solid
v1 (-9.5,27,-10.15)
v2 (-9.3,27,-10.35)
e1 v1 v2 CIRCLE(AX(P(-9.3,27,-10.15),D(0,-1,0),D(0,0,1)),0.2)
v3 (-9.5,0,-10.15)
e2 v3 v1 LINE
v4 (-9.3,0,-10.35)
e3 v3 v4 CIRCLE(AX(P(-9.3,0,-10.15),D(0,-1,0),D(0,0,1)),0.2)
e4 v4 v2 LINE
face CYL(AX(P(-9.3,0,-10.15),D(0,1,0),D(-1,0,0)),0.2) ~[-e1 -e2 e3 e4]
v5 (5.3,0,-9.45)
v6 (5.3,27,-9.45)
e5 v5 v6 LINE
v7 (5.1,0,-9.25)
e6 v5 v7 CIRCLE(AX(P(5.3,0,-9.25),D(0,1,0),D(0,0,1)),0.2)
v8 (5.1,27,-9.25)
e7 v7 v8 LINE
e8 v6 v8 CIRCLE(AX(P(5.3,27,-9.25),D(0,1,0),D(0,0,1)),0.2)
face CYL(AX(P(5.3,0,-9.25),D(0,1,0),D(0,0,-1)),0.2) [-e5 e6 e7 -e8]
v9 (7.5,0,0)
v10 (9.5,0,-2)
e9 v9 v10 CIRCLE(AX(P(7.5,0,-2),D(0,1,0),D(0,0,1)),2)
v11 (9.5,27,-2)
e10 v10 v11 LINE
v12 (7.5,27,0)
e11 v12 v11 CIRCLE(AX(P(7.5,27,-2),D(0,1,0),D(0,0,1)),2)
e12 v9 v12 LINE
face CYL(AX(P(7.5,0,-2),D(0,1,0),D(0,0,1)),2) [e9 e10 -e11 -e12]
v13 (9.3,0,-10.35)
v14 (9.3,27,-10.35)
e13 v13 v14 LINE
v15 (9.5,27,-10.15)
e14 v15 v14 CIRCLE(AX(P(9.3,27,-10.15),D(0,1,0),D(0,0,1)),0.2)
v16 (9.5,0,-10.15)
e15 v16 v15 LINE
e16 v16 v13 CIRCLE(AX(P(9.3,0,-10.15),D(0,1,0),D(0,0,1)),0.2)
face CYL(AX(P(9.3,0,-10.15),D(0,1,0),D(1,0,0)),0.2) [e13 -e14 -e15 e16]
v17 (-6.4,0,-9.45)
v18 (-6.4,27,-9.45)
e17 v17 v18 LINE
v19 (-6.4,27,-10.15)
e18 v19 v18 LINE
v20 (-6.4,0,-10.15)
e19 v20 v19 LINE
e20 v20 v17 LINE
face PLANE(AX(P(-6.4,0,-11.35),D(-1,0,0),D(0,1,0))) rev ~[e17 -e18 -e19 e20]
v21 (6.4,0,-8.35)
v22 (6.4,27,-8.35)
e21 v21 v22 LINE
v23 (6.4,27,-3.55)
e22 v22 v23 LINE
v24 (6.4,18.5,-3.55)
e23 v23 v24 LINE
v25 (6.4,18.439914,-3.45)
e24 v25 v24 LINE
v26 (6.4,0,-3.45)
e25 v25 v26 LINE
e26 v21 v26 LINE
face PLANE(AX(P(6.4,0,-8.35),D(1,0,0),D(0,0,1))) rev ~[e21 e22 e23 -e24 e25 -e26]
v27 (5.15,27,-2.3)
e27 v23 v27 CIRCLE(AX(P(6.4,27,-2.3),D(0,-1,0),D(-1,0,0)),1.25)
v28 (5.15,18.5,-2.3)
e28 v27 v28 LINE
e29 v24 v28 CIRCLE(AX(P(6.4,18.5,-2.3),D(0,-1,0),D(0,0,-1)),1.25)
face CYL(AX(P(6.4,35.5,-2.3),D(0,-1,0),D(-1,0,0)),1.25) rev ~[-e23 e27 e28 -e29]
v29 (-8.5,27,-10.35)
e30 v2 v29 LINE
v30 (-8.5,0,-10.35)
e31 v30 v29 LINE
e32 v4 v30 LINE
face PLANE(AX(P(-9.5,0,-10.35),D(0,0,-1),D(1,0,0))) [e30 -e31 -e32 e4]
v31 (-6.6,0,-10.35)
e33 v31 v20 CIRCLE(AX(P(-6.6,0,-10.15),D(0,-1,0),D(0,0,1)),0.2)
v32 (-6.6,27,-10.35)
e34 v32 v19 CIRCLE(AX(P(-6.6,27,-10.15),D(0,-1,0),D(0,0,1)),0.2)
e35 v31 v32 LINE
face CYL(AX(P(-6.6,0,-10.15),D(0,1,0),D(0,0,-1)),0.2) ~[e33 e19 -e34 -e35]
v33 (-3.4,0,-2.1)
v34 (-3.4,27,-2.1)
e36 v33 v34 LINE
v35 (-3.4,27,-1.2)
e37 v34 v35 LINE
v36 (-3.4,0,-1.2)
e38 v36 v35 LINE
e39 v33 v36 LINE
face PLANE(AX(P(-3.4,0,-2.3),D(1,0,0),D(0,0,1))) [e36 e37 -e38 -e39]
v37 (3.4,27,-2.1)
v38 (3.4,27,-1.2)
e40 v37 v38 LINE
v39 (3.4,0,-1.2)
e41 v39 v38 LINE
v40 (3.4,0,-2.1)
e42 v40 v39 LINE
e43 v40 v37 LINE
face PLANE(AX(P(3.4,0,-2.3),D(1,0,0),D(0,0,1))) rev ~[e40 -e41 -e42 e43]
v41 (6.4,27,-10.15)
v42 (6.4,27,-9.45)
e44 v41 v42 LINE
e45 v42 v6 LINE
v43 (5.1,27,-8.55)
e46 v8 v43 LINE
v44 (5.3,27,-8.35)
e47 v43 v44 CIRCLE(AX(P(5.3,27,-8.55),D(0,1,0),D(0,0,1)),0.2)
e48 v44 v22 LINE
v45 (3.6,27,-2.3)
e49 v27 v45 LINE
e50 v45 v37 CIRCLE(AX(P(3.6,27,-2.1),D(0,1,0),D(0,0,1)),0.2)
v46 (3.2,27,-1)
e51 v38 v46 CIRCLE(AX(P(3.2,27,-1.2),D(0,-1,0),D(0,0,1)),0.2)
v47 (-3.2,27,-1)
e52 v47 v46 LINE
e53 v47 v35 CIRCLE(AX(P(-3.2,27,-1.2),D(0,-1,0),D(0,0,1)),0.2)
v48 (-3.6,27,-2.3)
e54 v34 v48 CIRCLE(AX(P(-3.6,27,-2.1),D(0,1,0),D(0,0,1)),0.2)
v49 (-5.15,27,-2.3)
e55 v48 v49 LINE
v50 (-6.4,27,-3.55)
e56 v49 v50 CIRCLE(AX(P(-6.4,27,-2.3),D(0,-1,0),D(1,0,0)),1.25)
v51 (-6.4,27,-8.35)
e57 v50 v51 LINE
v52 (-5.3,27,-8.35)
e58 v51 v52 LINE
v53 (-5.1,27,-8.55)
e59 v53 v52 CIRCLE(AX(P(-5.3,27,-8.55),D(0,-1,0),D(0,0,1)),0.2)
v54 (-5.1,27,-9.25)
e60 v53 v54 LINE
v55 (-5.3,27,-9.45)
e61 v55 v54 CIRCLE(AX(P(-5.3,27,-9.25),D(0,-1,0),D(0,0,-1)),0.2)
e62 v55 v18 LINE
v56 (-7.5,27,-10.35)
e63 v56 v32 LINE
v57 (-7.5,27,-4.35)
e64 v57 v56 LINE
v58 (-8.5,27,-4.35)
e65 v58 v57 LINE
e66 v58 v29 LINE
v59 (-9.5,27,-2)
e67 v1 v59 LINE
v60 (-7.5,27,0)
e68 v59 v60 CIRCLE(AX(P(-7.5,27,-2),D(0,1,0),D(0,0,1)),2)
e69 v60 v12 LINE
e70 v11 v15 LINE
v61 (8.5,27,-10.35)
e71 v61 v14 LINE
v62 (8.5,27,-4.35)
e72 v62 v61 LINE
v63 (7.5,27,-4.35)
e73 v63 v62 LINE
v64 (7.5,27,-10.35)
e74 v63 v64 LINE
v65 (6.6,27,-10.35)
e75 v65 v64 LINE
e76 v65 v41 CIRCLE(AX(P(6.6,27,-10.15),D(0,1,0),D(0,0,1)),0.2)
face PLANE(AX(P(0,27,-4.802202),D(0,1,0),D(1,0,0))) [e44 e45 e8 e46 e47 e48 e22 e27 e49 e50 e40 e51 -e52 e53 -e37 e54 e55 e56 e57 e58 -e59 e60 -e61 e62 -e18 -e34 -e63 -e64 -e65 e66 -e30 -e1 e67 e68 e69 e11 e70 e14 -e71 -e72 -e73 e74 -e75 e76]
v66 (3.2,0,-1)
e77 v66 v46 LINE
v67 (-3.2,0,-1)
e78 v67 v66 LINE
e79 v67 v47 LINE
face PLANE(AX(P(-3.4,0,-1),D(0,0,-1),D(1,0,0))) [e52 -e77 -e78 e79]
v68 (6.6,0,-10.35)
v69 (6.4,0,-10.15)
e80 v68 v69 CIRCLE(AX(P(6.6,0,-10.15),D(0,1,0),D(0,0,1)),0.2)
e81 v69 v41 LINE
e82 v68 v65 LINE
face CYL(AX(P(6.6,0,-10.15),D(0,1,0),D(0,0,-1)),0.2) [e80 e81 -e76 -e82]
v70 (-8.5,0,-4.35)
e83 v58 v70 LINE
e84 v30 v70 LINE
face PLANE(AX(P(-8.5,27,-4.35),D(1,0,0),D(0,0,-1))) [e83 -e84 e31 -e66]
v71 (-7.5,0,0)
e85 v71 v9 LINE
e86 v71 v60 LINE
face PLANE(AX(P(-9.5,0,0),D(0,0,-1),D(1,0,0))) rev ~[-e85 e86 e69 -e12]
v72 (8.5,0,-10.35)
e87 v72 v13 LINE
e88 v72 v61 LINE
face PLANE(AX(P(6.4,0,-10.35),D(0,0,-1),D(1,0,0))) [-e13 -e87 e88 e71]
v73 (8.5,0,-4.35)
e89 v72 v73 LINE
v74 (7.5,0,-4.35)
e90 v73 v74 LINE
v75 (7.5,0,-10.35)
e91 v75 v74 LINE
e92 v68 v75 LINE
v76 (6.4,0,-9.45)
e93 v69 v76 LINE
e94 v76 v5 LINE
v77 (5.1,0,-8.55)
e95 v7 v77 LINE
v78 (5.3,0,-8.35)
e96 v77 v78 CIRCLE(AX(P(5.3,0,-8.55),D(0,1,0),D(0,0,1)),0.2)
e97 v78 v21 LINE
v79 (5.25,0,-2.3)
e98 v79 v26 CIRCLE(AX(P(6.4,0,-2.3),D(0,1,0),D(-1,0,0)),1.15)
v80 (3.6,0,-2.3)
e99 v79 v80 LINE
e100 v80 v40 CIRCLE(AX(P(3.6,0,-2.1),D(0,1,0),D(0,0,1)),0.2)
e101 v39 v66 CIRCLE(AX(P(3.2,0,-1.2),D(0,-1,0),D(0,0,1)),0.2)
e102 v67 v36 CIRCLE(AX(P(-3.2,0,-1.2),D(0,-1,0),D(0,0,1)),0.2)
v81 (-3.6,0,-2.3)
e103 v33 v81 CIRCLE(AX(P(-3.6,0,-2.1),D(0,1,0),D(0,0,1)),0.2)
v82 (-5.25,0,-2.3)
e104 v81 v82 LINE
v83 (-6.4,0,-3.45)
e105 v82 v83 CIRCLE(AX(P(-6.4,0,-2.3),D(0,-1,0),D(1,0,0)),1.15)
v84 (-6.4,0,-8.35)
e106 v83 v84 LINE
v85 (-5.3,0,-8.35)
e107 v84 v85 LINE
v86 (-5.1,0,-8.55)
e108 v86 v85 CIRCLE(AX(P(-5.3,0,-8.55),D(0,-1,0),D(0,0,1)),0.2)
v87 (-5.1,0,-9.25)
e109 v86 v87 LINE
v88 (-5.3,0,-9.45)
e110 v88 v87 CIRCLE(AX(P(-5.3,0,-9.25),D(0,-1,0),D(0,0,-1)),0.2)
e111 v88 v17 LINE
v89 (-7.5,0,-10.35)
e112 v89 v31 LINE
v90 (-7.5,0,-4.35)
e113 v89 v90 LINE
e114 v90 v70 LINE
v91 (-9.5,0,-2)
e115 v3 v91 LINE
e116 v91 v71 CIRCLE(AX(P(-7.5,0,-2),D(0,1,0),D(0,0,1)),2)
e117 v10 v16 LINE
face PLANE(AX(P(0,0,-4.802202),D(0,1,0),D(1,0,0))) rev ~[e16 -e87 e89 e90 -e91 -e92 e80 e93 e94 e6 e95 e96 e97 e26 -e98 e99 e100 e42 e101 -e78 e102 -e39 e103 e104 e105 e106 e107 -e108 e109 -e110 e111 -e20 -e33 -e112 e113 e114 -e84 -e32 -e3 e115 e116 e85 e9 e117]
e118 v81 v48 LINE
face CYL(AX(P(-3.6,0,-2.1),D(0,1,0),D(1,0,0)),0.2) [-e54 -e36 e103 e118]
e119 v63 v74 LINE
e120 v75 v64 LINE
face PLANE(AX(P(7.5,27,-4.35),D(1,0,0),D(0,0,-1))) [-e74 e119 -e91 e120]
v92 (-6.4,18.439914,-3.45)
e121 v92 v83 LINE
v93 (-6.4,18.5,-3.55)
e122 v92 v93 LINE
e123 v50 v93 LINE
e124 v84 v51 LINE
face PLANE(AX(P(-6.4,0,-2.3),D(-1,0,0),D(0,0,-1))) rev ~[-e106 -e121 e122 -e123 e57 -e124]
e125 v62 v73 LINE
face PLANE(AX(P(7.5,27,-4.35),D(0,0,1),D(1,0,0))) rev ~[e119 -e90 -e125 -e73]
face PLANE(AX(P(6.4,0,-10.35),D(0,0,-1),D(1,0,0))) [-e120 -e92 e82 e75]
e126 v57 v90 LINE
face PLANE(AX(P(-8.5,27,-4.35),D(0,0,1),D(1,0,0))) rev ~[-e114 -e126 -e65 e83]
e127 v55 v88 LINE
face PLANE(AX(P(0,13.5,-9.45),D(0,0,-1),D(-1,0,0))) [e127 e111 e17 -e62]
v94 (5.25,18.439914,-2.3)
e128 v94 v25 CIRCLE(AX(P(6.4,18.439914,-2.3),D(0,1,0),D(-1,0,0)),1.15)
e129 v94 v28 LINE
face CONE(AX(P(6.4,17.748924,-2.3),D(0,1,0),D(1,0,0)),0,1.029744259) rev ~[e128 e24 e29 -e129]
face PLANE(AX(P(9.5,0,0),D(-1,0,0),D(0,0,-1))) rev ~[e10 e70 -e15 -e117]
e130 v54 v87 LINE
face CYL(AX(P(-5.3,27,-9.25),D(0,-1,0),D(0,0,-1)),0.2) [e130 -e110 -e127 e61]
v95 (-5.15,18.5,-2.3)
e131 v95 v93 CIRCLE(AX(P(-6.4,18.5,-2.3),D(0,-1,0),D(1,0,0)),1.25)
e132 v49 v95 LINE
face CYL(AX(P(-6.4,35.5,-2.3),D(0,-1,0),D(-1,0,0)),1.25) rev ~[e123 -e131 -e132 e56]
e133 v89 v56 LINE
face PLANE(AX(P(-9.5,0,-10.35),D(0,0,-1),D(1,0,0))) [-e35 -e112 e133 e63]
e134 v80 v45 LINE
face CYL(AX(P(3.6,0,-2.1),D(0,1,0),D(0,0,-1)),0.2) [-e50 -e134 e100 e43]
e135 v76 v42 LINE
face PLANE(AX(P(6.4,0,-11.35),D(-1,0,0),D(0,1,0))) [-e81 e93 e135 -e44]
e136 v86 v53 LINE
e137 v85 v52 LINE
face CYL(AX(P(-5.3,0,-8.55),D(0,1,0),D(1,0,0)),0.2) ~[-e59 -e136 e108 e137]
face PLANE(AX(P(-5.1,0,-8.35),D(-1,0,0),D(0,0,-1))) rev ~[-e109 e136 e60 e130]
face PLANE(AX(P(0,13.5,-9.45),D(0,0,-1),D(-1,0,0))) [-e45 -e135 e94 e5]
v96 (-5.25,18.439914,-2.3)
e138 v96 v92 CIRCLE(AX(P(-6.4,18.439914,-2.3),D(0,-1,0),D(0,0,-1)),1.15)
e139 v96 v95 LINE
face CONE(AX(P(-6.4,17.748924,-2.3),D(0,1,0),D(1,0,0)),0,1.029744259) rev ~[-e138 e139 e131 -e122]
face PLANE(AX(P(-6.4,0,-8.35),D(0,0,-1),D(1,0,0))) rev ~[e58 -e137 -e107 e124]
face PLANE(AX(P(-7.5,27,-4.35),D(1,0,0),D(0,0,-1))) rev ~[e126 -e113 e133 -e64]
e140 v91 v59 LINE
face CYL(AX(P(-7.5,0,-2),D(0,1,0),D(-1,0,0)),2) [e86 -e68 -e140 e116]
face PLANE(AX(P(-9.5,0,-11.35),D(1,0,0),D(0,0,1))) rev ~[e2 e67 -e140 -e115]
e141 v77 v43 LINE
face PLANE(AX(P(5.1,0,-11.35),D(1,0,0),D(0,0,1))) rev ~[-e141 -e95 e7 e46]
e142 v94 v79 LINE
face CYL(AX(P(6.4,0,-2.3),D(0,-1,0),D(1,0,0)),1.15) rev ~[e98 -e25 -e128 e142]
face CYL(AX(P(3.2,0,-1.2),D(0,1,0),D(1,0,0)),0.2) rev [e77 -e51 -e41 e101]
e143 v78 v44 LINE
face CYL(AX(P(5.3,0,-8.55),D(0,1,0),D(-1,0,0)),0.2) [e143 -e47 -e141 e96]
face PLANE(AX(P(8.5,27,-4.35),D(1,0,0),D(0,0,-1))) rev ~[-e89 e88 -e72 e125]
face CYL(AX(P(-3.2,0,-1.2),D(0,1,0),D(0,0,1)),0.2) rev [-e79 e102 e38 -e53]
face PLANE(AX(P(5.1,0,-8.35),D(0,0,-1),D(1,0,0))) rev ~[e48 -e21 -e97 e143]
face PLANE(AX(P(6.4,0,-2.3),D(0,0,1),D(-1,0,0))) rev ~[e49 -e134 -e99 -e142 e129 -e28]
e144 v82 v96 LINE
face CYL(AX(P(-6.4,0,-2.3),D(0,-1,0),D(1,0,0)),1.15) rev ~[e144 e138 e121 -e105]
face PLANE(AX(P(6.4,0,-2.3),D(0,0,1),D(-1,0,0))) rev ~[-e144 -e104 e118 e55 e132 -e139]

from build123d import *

# Parameters (mm, degrees)
EXTRUDE_1_DEPTH        = 27
CUT_EXTRUDE_1_REACH    = 29
SKETCH_3_W             = 1
SKETCH_3_H             = 7
SKETCH_8_W             = 12.8
SKETCH_8_H             = 27
CUT_EXTRUDE_4_DEPTH    = 1.9
CUT_EXTRUDE_5_REACH    = 29
SKETCH_9_R             = 1.15
SKETCH_9_W             = 6.8
SKETCH_9_H             = 1.3
CUT_EXTRUDE_START      = -27
SKETCH_11_W            = 3.1
SKETCH_11_H            = 1
CUT_EXTRUDE_6_DEPTH    = 27
FILLET_1_R             = 2
FILLET_2_R             = 0.2
HOLE_WIZARD_M3_1_D     = 2.5
HOLE_WIZARD_M3_1_DEPTH = 8.5
HOLE_WIZARD_M3_1_TIP   = 0.751075774


with BuildPart() as part:
    # 草图1 → 凸台-拉伸1 (new body)
    with BuildSketch(Plane(origin=(0, 0, 0), x_dir=(1, 0, 0), z_dir=(0, 1, 0))):
        Polygon((-9.5, 11.35), (-9.5, 0), (9.5, 0), (9.5, 11.35), (5.1, 11.35), (5.1, 8.35), (6.4, 8.35), (6.4, 2.3), (-6.4, 2.3), (-6.4, 8.35), (-5.1, 8.35), (-5.1, 11.35), align=None)
    extrude(amount=EXTRUDE_1_DEPTH)

    # 草图3 → 切除-拉伸1 (cut, up to next)
    with BuildSketch(Plane(origin=(0, 27, 0), x_dir=(1, 0, 0), z_dir=(0, 1, 0)), mode=Mode.PRIVATE) as cut_extrude_1_sk1:
        with Locations((-8, 7.85)):
            Rectangle(SKETCH_3_W, SKETCH_3_H)
    cut_extrude_1_tool1 = extrude(cut_extrude_1_sk1.sketch, amount=-CUT_EXTRUDE_1_REACH, mode=Mode.PRIVATE) & part.part
    add(cut_extrude_1_tool1.solids().sort_by_distance((-8, 27, -7.85))[0], mode=Mode.SUBTRACT)
    # 草图3 → 切除-拉伸1 (cut, up to next)
    with BuildSketch(Plane(origin=(0, 27, 0), x_dir=(1, 0, 0), z_dir=(0, 1, 0)), mode=Mode.PRIVATE) as cut_extrude_1_sk2:
        with Locations((8, 7.85)):
            Rectangle(SKETCH_3_W, SKETCH_3_H)
    cut_extrude_1_tool2 = extrude(cut_extrude_1_sk2.sketch, amount=-CUT_EXTRUDE_1_REACH, mode=Mode.PRIVATE) & part.part
    add(cut_extrude_1_tool2.solids().sort_by_distance((8, 27, -7.85))[0], mode=Mode.SUBTRACT)

    # 草图8 → 切除-拉伸4 (cut)
    with BuildSketch(Plane(origin=(0, 0, -11.35), x_dir=(-1, 0, 0), z_dir=(0, 0, -1))):
        with Locations((0, 13.5)):
            Rectangle(SKETCH_8_W, SKETCH_8_H)
    extrude(amount=-CUT_EXTRUDE_4_DEPTH, mode=Mode.SUBTRACT)

    # 草图9 → 切除-拉伸5 (cut, up to next)
    with BuildSketch(Plane.XZ, mode=Mode.PRIVATE) as cut_extrude_5_sk1:
        with Locations((-6.4, -2.3)):
            Circle(SKETCH_9_R)
    cut_extrude_5_tool1 = extrude(cut_extrude_5_sk1.sketch, amount=-CUT_EXTRUDE_5_REACH, mode=Mode.PRIVATE) & part.part
    add(cut_extrude_5_tool1.solids().sort_by_distance((-6.4, 0, -2.3))[0], mode=Mode.SUBTRACT)
    # 草图9 → 切除-拉伸5 (cut, up to next)
    with BuildSketch(Plane.XZ, mode=Mode.PRIVATE) as cut_extrude_5_sk2:
        with Locations((6.4, -2.3)):
            Circle(SKETCH_9_R)
    cut_extrude_5_tool2 = extrude(cut_extrude_5_sk2.sketch, amount=-CUT_EXTRUDE_5_REACH, mode=Mode.PRIVATE) & part.part
    add(cut_extrude_5_tool2.solids().sort_by_distance((6.4, 0, -2.3))[0], mode=Mode.SUBTRACT)
    # 草图9 → 切除-拉伸5 (cut, up to next)
    with BuildSketch(Plane.XZ, mode=Mode.PRIVATE) as cut_extrude_5_sk3:
        with Locations((0, -1.65)):
            Rectangle(SKETCH_9_W, SKETCH_9_H)
    cut_extrude_5_tool3 = extrude(cut_extrude_5_sk3.sketch, amount=-CUT_EXTRUDE_5_REACH, mode=Mode.PRIVATE) & part.part
    add(cut_extrude_5_tool3.solids().sort_by_distance((0, 0, -1.65))[0], mode=Mode.SUBTRACT)

    # 草图11 → 切除-拉伸6 (cut)
    with BuildSketch(Plane(origin=(0, 27, 0), x_dir=(1, 0, 0), z_dir=(0, 1, 0)).offset(CUT_EXTRUDE_START)):
        with Locations((7.95, 10.85)):
            Rectangle(SKETCH_11_W, SKETCH_11_H)
        with Locations((-7.95, 10.85)):
            Rectangle(SKETCH_11_W, SKETCH_11_H)
    extrude(amount=CUT_EXTRUDE_6_DEPTH, mode=Mode.SUBTRACT)

    # 圆角1
    fillet_1_edges = [part.edges().sort_by_distance(p)[0] for p in [
        (9.5, 13.5, 0),
        (-9.5, 13.5, 0),
    ]]
    fillet(fillet_1_edges, radius=FILLET_1_R)

    # 圆角2
    fillet_2_edges = [part.edges().sort_by_distance(p)[0] for p in [
        (-3.4, 13.5, -2.3),
        (-3.4, 13.5, -1),
        (3.4, 13.5, -1),
        (3.4, 13.5, -2.3),
        (9.5, 13.5, -10.35),
        (-9.5, 13.5, -10.35),
        (6.4, 13.5, -10.35),
        (-6.4, 13.5, -10.35),
        (-5.1, 13.5, -8.35),
        (5.1, 13.5, -8.35),
        (5.1, 13.5, -9.45),
        (-5.1, 13.5, -9.45),
    ]]
    fillet(fillet_2_edges, radius=FILLET_2_R)

    # M3 螺纹孔1
    with Locations(Plane(origin=(0, 27, 0), x_dir=(1, 0, 0), z_dir=(0, 1, 0))):
        with Locations((-6.4, 2.3), (6.4, 2.3)):
            Hole(HOLE_WIZARD_M3_1_D / 2, depth=HOLE_WIZARD_M3_1_DEPTH)
            with Locations((0, 0, -(HOLE_WIZARD_M3_1_DEPTH + HOLE_WIZARD_M3_1_TIP / 2))):  # 118° drill point
                Cone(0, HOLE_WIZARD_M3_1_D / 2, HOLE_WIZARD_M3_1_TIP, mode=Mode.SUBTRACT)


solid = part.part
